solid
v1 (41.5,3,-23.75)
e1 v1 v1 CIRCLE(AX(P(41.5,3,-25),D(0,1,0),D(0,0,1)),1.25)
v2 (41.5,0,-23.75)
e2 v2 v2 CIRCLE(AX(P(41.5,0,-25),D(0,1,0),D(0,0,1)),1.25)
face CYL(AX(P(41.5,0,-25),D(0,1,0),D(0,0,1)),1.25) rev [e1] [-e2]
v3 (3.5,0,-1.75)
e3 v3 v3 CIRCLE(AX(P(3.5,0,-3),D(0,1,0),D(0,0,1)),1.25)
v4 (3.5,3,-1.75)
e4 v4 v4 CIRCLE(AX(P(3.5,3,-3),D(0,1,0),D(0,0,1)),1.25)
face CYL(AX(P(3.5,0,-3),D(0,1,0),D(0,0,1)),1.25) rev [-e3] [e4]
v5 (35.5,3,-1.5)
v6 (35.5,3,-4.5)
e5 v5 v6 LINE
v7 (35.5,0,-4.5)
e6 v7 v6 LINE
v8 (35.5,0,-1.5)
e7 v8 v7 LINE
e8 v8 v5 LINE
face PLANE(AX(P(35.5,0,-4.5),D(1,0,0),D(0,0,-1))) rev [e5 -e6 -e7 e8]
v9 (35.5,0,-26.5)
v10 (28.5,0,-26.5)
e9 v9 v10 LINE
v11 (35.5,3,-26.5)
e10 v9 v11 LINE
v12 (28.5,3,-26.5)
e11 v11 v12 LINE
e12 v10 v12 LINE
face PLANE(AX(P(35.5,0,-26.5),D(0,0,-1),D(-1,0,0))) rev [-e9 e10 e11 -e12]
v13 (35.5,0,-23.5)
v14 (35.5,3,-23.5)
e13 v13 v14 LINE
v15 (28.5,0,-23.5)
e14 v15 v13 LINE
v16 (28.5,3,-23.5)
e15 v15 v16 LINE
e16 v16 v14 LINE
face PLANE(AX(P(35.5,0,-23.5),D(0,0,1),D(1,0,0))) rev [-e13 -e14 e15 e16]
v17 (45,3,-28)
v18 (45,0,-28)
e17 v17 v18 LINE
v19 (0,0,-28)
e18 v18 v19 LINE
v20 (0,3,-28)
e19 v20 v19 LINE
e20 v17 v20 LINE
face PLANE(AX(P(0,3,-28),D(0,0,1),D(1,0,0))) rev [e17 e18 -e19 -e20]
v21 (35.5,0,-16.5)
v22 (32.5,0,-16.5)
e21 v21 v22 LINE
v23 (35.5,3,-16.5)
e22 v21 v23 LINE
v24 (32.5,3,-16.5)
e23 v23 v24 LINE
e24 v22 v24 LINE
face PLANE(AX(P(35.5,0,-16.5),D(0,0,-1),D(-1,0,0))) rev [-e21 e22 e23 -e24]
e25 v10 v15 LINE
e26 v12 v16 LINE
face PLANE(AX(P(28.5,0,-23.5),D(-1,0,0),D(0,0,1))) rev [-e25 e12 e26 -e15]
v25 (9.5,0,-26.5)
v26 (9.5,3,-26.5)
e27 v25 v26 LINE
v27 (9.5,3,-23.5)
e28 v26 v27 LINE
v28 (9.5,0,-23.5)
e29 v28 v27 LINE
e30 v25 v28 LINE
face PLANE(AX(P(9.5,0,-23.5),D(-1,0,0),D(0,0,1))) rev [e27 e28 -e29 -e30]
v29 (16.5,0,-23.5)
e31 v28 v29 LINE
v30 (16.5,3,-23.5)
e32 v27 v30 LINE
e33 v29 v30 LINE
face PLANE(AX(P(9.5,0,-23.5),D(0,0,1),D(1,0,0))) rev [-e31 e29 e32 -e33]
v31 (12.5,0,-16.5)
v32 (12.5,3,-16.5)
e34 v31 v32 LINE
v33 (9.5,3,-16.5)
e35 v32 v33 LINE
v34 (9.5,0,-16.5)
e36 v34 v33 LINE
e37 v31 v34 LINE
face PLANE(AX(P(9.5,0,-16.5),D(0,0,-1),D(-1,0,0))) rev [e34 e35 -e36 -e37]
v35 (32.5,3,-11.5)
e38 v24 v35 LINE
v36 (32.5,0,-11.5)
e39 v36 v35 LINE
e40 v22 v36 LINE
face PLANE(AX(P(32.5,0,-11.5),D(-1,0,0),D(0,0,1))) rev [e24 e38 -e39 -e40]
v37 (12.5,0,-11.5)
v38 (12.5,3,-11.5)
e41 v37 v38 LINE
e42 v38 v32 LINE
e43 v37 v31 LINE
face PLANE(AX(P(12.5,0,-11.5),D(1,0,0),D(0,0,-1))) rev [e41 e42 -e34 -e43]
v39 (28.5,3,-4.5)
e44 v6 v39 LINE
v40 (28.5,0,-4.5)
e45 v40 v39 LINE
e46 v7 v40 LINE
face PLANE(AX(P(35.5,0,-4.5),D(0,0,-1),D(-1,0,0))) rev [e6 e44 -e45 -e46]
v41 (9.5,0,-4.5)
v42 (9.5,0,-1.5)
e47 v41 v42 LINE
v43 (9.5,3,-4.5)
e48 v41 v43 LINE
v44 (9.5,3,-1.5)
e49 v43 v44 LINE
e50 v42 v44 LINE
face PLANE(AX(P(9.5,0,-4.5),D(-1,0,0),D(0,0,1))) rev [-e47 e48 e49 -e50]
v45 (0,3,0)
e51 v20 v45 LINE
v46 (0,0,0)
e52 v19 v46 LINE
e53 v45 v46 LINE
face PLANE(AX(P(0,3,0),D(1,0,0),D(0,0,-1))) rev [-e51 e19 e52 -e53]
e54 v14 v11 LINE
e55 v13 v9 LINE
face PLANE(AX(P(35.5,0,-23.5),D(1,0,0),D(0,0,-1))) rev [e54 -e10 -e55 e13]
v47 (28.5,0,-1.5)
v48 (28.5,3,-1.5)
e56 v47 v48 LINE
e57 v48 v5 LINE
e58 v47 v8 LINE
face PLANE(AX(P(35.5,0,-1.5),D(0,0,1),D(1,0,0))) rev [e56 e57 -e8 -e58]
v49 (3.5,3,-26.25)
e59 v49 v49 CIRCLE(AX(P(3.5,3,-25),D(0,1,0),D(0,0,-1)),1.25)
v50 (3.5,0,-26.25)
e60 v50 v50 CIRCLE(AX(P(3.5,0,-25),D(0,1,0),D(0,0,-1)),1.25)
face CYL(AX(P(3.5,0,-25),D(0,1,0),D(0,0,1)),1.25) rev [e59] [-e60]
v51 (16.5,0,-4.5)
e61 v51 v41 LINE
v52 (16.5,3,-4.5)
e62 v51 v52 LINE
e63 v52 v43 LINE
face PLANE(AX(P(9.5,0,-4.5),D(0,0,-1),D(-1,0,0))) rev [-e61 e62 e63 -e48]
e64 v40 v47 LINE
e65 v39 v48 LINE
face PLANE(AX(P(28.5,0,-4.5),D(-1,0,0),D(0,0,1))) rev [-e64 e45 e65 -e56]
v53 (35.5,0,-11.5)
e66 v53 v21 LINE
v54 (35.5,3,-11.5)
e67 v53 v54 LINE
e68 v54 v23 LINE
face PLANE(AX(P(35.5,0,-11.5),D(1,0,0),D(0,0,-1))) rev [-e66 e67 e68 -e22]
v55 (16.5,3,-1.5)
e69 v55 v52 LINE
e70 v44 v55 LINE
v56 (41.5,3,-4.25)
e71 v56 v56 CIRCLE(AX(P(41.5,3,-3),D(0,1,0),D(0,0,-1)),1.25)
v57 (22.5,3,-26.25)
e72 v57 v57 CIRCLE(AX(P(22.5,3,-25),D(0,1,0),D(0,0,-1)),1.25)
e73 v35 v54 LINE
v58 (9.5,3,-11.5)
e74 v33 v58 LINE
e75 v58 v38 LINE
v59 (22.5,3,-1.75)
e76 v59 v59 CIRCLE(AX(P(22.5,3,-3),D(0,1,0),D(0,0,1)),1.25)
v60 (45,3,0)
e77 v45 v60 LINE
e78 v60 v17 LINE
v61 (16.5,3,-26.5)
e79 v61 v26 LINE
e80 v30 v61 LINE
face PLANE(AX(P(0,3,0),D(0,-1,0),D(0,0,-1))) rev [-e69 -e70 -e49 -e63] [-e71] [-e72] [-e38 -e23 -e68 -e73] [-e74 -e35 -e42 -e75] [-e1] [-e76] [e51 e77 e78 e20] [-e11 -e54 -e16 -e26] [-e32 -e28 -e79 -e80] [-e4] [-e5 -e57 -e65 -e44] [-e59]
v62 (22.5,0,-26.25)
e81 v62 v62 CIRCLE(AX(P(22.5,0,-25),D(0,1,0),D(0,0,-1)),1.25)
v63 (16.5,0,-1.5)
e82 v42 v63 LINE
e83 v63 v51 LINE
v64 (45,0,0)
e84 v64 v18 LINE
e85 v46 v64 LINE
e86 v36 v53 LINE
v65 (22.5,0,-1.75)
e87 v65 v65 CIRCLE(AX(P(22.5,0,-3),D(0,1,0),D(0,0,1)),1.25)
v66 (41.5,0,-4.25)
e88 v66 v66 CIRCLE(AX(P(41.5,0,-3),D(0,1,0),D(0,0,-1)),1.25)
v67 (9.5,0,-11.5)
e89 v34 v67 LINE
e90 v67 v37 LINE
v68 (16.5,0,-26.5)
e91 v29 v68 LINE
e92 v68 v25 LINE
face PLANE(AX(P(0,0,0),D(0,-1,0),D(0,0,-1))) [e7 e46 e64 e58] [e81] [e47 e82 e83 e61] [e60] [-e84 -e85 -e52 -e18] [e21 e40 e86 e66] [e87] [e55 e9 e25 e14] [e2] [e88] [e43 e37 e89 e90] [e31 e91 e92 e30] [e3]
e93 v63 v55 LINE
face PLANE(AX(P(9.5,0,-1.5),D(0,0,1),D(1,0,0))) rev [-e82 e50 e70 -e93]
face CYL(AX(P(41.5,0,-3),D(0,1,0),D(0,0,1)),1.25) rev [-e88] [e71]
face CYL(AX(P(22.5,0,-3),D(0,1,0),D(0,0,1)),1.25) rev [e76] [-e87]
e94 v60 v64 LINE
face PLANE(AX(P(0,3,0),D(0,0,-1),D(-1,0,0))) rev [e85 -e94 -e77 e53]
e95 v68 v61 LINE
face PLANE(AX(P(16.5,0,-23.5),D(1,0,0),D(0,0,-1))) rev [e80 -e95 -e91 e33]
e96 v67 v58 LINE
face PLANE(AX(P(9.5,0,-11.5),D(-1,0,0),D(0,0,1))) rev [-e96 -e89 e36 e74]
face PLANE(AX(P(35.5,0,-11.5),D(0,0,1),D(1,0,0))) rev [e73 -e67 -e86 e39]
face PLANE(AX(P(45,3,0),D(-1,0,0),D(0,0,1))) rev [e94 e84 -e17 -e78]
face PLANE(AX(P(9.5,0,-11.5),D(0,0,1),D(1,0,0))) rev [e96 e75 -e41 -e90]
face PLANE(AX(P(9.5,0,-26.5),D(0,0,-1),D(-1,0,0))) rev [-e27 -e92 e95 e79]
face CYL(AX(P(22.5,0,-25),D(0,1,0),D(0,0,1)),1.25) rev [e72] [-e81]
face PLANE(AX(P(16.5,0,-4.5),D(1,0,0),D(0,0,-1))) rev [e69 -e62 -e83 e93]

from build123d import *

# Parameters (mm, degrees)
SKETCH_1_W          = 45
SKETCH_1_H          = 28
EXTRUDE_1_DEPTH     = 3
SKETCH_2_R          = 1.25
SKETCH_2_W          = 7
SKETCH_2_H          = 3
CUT_EXTRUDE_1_DEPTH = 4
SKETCH_3_W          = 3
SKETCH_3_H          = 5
CUT_EXTRUDE_2_DEPTH = 4


with BuildPart() as part:
    # 스케치1 → 보스-돌출1 (new body)
    with BuildSketch(Plane(origin=(0, 0, 0), x_dir=(1, 0, 0), z_dir=(0, 1, 0))):
        with Locations((22.5, 14)):
            Rectangle(SKETCH_1_W, SKETCH_1_H)
    extrude(amount=EXTRUDE_1_DEPTH)

    # 스케치2 → 컷-돌출1 (cut, through all)
    with BuildSketch(Plane(origin=(0, 3, 0), x_dir=(1, 0, 0), z_dir=(0, 1, 0))):
        with Locations((22.5, 3)):
            Circle(SKETCH_2_R)
        with Locations((22.5, 25)):
            Circle(SKETCH_2_R)
        with Locations((3.5, 3)):
            Circle(SKETCH_2_R)
        with Locations((41.5, 3)):
            Circle(SKETCH_2_R)
        with Locations((41.5, 25)):
            Circle(SKETCH_2_R)
        with Locations((3.5, 25)):
            Circle(SKETCH_2_R)
        with Locations((32, 3)):
            Rectangle(SKETCH_2_W, SKETCH_2_H)
        with Locations((13, 3)):
            Rectangle(SKETCH_2_W, SKETCH_2_H)
        with Locations((32, 25)):
            Rectangle(SKETCH_2_W, SKETCH_2_H)
        with Locations((13, 25)):
            Rectangle(SKETCH_2_W, SKETCH_2_H)
    extrude(amount=-CUT_EXTRUDE_1_DEPTH, mode=Mode.SUBTRACT)

    # 스케치3 → 컷-돌출2 (cut, through all)
    with BuildSketch(Plane(origin=(0, 3, 0), x_dir=(1, 0, 0), z_dir=(0, 1, 0))):
        with Locations((11, 14)):
            Rectangle(SKETCH_3_W, SKETCH_3_H)
        with Locations((34, 14)):
            Rectangle(SKETCH_3_W, SKETCH_3_H)
    extrude(amount=-CUT_EXTRUDE_2_DEPTH, mode=Mode.SUBTRACT)


solid = part.part
